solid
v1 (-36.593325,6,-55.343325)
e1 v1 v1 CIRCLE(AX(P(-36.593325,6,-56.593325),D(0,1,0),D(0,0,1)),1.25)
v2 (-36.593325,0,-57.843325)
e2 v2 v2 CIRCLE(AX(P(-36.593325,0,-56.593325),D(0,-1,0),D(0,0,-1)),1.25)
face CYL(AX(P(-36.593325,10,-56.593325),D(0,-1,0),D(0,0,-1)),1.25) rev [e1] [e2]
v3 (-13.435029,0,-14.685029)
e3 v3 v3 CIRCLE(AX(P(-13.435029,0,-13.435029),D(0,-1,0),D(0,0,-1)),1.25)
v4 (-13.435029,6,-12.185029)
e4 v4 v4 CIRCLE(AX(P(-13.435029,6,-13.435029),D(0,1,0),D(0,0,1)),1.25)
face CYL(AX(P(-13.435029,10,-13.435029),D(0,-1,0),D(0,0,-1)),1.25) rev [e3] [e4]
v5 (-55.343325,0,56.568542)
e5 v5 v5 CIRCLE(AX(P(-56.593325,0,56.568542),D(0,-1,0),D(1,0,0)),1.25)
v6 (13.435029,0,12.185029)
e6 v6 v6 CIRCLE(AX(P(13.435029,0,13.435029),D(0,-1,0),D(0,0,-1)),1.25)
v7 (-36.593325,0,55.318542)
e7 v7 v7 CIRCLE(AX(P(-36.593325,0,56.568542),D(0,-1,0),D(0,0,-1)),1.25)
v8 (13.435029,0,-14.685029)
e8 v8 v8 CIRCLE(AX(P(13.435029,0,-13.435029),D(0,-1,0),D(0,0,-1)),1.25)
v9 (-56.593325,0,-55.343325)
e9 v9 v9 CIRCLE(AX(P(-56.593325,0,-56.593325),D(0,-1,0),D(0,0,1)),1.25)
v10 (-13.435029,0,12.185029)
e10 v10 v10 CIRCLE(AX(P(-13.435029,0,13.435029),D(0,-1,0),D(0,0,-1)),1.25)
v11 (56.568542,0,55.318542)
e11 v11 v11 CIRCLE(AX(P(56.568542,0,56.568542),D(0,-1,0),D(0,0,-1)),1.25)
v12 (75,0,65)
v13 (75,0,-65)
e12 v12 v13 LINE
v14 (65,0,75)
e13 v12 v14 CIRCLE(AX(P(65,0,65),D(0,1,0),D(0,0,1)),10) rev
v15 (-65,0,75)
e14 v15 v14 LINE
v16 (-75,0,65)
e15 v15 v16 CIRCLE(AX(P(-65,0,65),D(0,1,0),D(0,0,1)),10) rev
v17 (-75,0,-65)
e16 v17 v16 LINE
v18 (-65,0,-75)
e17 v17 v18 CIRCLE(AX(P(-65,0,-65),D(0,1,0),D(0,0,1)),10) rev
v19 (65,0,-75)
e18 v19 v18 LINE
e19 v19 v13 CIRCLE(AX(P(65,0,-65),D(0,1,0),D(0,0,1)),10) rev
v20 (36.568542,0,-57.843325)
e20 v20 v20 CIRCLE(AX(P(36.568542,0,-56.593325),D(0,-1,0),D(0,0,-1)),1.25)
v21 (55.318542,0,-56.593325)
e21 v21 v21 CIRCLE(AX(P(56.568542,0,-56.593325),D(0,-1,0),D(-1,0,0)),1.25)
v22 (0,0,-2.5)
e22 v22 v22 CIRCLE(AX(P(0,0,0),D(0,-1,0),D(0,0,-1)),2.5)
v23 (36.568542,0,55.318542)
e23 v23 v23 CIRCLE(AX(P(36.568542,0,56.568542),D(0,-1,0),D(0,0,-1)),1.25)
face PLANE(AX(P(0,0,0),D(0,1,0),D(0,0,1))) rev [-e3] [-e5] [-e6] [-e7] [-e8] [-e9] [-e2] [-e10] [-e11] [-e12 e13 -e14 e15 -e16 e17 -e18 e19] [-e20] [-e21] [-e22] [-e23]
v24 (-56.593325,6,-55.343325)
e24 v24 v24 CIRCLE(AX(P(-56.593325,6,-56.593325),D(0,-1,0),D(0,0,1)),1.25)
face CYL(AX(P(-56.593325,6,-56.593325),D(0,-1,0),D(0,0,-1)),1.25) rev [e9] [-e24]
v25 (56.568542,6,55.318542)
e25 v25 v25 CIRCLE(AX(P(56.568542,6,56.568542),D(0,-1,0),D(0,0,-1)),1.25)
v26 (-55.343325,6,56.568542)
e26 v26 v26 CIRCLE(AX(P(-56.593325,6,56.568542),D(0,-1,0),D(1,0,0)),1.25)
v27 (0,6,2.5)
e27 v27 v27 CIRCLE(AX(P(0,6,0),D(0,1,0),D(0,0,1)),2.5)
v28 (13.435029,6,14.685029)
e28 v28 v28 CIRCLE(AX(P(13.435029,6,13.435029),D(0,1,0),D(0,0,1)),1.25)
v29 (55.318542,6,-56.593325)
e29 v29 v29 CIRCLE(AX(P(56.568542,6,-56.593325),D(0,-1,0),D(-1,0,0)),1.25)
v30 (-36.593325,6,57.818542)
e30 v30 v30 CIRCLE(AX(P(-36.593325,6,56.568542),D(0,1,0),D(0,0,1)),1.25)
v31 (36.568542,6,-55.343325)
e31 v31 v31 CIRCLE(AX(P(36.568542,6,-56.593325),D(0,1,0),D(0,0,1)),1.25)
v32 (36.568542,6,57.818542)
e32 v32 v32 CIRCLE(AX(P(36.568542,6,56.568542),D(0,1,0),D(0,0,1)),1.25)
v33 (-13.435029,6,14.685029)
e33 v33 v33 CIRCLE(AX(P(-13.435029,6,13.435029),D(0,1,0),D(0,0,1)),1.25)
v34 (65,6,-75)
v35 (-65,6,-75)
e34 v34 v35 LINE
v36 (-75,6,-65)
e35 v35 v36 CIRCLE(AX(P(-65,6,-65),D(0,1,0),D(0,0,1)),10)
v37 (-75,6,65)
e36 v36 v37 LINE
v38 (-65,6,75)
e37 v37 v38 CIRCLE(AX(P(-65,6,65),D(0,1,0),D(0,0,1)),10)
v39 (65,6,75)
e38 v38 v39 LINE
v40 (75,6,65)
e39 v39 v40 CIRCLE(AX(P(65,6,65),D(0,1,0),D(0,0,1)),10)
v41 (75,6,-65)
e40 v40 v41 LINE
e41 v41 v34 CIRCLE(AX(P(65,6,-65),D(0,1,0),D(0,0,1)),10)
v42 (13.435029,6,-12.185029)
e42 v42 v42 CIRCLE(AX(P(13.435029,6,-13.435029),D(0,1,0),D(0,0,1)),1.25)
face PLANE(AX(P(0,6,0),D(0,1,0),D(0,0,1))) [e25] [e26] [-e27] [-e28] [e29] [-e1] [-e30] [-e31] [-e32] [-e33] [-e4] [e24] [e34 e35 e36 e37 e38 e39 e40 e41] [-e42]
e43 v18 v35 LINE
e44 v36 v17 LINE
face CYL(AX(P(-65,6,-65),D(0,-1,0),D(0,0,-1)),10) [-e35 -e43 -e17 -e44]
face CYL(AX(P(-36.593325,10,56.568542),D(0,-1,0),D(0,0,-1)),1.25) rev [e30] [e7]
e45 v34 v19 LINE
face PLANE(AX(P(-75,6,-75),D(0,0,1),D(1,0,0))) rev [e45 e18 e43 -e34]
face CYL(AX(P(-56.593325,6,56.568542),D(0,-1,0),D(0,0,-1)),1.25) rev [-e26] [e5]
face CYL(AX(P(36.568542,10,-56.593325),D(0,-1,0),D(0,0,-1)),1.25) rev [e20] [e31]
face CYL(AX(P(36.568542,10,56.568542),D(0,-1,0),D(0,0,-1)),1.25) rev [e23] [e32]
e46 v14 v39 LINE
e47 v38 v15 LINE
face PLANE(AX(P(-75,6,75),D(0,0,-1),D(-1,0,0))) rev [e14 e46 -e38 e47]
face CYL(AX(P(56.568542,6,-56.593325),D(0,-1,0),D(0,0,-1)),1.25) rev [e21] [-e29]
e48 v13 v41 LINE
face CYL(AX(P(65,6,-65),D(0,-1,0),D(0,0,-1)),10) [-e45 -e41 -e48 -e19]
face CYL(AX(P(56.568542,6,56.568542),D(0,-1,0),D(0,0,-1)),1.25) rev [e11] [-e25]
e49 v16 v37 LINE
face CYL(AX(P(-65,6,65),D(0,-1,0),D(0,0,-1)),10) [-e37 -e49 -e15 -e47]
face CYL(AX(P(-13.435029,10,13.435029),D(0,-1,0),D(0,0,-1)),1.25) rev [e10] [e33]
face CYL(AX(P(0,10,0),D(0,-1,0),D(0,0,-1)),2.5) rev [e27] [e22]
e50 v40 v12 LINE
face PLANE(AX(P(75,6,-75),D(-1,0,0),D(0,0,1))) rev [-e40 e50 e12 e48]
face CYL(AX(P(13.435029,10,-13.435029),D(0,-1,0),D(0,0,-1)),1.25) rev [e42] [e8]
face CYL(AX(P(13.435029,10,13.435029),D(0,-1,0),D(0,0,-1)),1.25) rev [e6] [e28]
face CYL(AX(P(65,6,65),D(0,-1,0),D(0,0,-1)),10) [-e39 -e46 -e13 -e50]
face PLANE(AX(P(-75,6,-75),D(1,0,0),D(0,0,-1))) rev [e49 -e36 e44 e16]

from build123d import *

# Parameters (mm, degrees)
SKETCH_1_W               = 150
SKETCH_1_H               = 150
EXTRUDE_1_DEPTH          = 6
FILLET_1_R               = 10
SKETCH_3_R               = 1.25
CUT_EXTRUDE_4_DEPTH      = 107.235587258
PATTERN_CIRCULAR_2_COUNT = 4
SKETCH_7_R               = 1.25
CUT_EXTRUDE_11_DEPTH     = 10
SKETCH_9_R               = 1.25
CUT_EXTRUDE_12_DEPTH     = 10
SKETCH_10_R              = 2.5
CUT_EXTRUDE_13_DEPTH     = 10


with BuildPart() as part:
    # 草图1 → 凸台-拉伸1 (new body)
    with BuildSketch(Plane(origin=(0, 0, 0), x_dir=(1, 0, 0), z_dir=(0, 1, 0))):
        Rectangle(SKETCH_1_W, SKETCH_1_H)
    extrude(amount=EXTRUDE_1_DEPTH)

    # 圆角1
    fillet_1_edges = [part.edges().sort_by_distance(p)[0] for p in [
        (75, 3, 75),
        (-75, 3, 75),
        (-75, 3, -75),
        (75, 3, -75),
    ]]
    fillet(fillet_1_edges, radius=FILLET_1_R)

    # 草图3 → 切除-拉伸4 (cut, through all)
    with BuildSketch(Plane.XZ):
        with Locations(Location((56.568542495, 56.568542495, 0), (0, 0, 270))):
            Circle(SKETCH_3_R)
    cut_extrude_4 = extrude(amount=-CUT_EXTRUDE_4_DEPTH, mode=Mode.SUBTRACT)

    # 阵列(圆周)2: 切除-拉伸4 ×4 about axis
    pattern_circular_2_axis = Axis((-0.01239132, 0, -0.01239132), (0, 1, 0))
    for i in range(1, PATTERN_CIRCULAR_2_COUNT):
        add(cut_extrude_4.rotate(pattern_circular_2_axis, i * 360 / PATTERN_CIRCULAR_2_COUNT), mode=Mode.SUBTRACT)

    # 草图7 → 切除-拉伸11 (cut)
    with BuildSketch(Plane.XZ):
        with Locations(Location((-36.593325134, -56.593325134, 0), (0, 0, 270))):
            Circle(SKETCH_7_R)
        with Locations(Location((36.568542495, -56.593325134, 0), (0, 0, 270))):
            Circle(SKETCH_7_R)
        with Locations(Location((-36.593325134, 56.568542495, 0), (0, 0, 270))):
            Circle(SKETCH_7_R)
        with Locations(Location((36.568542495, 56.568542495, 0), (0, 0, 270))):
            Circle(SKETCH_7_R)
    extrude(amount=-CUT_EXTRUDE_11_DEPTH, mode=Mode.SUBTRACT)

    # 草图9 → 切除-拉伸12 (cut)
    with BuildSketch(Plane.XZ):
        with Locations(Location((13.435028843, 13.435028843, 0), (0, 0, 270))):
            Circle(SKETCH_9_R)
        with Locations(Location((13.435028843, -13.435028843, 0), (0, 0, 270))):
            Circle(SKETCH_9_R)
        with Locations(Location((-13.435028843, -13.435028843, 0), (0, 0, 270))):
            Circle(SKETCH_9_R)
        with Locations(Location((-13.435028843, 13.435028843, 0), (0, 0, 270))):
            Circle(SKETCH_9_R)
    extrude(amount=-CUT_EXTRUDE_12_DEPTH, mode=Mode.SUBTRACT)

    # 草图10 → 切除-拉伸13 (cut)
    with BuildSketch(Plane.XZ):
        with Locations(Location((0, 0, 0), (0, 0, 270))):
            Circle(SKETCH_10_R)
    extrude(amount=-CUT_EXTRUDE_13_DEPTH, mode=Mode.SUBTRACT)


solid = part.part
